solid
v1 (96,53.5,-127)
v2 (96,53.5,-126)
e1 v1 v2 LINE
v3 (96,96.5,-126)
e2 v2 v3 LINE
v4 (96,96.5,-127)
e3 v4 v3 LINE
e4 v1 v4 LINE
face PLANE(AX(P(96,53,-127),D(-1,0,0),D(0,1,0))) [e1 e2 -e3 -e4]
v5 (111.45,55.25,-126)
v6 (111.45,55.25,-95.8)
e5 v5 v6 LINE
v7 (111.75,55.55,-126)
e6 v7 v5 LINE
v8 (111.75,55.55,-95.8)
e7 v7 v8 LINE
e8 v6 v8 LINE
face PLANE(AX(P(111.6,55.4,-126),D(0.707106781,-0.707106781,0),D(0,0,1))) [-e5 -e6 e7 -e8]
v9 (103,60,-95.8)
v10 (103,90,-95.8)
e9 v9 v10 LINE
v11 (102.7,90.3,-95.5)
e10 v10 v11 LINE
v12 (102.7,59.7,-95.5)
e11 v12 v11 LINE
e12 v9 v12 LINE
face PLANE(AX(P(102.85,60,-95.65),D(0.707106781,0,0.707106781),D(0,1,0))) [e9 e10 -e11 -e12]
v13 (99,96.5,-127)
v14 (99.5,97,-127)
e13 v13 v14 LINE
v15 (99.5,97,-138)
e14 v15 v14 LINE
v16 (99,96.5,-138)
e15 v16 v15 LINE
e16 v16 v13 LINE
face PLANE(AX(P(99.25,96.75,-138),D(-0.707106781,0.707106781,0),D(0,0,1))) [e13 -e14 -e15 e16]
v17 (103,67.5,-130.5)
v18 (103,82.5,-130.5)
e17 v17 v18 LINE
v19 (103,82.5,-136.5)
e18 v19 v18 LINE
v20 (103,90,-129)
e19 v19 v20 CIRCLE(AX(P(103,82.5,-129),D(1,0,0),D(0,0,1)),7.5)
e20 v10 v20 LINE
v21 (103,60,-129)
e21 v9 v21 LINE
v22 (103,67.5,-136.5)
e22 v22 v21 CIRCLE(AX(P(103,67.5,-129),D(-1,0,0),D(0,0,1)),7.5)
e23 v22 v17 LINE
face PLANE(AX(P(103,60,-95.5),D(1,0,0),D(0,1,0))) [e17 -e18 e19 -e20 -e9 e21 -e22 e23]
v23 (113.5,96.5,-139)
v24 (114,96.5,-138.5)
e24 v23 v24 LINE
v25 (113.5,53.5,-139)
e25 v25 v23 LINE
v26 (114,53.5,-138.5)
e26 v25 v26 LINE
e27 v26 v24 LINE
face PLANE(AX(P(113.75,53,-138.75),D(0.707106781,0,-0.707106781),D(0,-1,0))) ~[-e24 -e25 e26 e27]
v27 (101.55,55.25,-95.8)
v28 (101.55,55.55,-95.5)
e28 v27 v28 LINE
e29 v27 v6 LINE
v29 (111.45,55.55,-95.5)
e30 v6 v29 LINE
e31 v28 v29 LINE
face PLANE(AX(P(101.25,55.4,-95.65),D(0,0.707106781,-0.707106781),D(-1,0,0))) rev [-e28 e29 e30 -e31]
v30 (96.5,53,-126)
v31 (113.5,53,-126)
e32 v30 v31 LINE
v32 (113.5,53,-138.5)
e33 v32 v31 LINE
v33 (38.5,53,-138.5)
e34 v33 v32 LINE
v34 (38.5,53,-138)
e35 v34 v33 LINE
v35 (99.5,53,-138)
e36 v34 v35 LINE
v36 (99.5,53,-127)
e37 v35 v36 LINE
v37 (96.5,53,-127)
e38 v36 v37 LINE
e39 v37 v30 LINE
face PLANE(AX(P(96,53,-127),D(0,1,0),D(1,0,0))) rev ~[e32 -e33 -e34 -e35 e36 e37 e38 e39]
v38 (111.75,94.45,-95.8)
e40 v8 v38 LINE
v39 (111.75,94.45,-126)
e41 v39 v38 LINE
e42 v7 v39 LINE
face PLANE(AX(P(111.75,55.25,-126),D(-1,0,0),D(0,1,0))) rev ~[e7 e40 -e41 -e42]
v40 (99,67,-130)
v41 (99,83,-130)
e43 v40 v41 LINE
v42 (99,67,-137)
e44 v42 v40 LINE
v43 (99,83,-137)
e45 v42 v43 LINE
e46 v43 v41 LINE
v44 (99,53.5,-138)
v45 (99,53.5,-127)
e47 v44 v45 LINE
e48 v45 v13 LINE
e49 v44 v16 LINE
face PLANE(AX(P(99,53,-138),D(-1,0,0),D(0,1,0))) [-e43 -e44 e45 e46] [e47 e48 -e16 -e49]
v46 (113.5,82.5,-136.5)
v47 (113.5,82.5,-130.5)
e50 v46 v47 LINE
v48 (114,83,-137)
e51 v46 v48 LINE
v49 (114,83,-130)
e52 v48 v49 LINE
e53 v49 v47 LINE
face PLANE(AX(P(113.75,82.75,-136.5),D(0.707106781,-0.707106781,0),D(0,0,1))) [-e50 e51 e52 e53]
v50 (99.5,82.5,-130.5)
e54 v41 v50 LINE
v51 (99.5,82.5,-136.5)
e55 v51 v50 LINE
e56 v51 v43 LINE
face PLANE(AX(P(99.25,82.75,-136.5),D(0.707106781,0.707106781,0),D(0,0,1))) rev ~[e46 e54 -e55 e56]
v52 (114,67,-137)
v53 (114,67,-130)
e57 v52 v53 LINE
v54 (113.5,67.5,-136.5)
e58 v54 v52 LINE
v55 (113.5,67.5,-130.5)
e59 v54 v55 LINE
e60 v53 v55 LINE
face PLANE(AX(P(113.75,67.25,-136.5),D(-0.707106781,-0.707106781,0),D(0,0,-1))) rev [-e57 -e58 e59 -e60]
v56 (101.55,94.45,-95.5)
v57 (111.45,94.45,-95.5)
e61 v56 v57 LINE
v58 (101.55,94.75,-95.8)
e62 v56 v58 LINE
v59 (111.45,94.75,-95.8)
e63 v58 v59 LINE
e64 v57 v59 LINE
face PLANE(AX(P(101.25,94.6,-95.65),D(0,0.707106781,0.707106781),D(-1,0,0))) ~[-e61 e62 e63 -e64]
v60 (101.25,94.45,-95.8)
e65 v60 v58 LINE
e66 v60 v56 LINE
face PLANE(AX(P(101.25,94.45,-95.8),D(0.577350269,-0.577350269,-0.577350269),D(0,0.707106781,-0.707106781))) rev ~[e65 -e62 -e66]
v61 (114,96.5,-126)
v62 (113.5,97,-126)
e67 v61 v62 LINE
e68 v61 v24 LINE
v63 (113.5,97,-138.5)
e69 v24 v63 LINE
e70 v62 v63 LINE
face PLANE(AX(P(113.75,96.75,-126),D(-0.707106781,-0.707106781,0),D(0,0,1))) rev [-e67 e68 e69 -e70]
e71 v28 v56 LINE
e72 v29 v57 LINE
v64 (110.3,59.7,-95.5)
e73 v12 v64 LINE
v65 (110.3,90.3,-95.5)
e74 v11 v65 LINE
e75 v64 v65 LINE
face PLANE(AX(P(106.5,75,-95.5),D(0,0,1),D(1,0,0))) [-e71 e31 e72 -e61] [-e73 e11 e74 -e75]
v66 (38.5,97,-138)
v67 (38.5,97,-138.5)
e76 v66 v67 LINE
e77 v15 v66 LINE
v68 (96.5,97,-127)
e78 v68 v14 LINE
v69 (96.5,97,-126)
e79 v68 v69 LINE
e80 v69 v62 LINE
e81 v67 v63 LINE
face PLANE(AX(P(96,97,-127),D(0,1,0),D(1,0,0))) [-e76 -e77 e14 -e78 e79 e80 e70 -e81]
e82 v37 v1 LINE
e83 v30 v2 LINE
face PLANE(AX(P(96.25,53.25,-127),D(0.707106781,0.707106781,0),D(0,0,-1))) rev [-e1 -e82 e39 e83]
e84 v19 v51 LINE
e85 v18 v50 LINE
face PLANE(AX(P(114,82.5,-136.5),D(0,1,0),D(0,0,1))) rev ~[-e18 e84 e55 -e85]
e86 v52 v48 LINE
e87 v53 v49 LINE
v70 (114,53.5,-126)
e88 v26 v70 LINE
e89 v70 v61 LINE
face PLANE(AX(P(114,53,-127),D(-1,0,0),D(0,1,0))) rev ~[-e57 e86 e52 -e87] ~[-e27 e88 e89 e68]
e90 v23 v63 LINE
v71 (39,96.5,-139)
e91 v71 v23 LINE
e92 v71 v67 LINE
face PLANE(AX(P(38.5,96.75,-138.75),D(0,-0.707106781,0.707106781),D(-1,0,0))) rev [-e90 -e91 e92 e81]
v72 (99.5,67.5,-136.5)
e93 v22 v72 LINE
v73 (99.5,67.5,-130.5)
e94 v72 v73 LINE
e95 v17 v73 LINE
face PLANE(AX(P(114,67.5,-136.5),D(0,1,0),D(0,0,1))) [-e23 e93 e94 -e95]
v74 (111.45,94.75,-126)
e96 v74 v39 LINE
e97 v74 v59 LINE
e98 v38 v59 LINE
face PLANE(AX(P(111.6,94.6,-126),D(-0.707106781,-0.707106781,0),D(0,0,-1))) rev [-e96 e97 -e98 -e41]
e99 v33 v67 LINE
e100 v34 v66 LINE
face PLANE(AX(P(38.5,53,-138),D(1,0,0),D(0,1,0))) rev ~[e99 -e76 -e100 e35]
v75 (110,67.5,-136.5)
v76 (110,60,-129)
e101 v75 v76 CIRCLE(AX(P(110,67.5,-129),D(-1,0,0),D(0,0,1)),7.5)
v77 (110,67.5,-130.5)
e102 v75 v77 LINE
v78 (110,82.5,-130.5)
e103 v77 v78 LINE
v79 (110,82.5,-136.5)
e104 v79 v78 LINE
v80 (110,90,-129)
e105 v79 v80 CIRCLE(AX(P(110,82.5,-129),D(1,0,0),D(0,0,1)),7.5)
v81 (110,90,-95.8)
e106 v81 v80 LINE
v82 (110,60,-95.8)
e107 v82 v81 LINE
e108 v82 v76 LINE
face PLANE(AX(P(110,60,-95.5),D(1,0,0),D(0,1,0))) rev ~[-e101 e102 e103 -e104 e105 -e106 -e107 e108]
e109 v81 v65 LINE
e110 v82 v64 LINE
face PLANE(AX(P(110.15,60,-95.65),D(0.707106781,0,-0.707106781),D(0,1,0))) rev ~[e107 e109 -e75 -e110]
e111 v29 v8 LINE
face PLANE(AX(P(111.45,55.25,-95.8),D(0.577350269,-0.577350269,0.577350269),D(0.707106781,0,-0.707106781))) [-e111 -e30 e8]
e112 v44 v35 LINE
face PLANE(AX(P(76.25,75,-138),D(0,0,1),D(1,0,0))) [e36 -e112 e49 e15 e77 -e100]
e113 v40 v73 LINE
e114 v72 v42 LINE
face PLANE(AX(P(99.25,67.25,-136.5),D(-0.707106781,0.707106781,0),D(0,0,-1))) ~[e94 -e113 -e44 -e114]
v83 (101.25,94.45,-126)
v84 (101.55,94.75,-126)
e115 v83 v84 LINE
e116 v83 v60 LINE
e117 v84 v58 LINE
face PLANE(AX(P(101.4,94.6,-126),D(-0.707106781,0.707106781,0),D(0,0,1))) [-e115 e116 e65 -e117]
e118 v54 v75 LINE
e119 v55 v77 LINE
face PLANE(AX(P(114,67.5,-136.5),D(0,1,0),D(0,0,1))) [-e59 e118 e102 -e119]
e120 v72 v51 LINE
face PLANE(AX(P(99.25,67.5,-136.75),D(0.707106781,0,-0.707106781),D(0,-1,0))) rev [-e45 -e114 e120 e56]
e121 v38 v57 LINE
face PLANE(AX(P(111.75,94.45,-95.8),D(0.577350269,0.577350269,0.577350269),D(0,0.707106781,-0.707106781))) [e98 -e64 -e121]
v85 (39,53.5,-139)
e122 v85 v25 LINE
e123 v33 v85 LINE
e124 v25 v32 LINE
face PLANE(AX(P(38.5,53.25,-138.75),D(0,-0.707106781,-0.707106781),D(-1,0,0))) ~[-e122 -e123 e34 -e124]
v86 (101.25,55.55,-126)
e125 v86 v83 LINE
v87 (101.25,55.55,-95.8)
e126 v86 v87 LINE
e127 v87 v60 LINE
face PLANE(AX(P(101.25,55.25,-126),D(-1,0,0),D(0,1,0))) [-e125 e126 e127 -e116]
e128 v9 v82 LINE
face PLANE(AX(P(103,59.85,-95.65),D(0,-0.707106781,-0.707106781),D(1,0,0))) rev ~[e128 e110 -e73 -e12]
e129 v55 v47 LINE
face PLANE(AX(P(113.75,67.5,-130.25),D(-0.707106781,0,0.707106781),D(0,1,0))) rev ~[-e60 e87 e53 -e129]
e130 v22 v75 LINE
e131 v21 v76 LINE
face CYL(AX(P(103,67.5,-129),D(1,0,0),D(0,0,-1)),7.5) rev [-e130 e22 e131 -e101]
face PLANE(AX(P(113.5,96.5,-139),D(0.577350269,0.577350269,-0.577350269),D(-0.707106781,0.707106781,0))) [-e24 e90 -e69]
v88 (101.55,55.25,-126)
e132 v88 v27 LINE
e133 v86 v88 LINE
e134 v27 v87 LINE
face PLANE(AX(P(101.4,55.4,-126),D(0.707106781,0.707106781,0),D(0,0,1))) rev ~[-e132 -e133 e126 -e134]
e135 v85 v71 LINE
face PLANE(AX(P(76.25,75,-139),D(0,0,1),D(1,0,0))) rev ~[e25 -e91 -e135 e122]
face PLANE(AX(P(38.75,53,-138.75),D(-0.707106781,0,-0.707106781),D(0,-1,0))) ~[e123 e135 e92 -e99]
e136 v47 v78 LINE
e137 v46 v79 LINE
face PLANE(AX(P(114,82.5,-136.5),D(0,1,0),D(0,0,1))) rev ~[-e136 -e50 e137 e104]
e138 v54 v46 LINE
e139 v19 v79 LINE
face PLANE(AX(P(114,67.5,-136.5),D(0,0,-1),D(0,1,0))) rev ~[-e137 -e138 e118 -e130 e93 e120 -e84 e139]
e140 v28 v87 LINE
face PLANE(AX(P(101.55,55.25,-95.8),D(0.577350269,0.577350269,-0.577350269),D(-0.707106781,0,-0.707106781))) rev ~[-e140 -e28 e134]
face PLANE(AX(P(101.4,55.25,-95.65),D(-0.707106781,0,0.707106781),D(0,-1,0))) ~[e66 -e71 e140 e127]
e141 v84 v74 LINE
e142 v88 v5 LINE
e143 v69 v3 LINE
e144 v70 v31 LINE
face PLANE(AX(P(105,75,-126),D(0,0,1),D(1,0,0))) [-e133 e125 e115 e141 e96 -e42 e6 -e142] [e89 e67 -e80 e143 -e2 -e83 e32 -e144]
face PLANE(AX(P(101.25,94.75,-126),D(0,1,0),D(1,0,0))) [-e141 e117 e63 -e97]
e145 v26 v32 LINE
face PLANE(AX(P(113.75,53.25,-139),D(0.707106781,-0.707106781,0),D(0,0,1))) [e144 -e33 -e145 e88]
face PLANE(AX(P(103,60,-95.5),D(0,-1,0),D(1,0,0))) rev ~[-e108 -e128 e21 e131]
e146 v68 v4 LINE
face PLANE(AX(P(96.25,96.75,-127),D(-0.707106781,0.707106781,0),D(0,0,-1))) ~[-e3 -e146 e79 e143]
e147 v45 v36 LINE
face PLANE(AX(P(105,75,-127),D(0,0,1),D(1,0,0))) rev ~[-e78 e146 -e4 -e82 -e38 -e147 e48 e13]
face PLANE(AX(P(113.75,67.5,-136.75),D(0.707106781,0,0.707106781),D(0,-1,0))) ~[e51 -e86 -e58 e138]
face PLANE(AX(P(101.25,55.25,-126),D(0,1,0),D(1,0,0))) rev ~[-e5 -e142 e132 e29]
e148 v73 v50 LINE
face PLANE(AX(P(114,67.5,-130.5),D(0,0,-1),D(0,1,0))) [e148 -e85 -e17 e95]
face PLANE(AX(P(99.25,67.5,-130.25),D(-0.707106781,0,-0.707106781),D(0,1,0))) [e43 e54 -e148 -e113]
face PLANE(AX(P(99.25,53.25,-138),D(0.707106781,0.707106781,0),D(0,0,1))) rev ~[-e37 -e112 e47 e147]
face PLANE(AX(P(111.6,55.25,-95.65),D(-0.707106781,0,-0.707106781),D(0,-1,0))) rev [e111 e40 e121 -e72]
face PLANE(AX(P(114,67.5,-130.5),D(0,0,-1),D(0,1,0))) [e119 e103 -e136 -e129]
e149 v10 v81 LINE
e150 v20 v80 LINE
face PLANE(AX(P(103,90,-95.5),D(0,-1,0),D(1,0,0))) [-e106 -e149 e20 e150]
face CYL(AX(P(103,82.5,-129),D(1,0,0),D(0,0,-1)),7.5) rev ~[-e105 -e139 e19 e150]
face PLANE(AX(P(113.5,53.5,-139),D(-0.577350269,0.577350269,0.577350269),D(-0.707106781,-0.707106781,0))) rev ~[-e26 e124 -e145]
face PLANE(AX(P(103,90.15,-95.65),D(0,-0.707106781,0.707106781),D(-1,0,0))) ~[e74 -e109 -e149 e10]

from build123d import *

# Parameters (mm, degrees)
SKETCH080_W     = 75.5
SKETCH080_H     = 44
PAD043_DEPTH    = 1
SKETCH081_W     = 15
SKETCH081_H     = 44
PAD044_DEPTH    = 11
SKETCH082_W     = 18
SKETCH082_H     = 44
PAD045_DEPTH    = 1
SKETCH083_W     = 10.5
SKETCH083_H     = 39.5
PAD046_DEPTH    = 30.5
SKETCH084_W     = 7
SKETCH084_H     = 30
POCKET029_DEPTH = 41
SKETCH085_W     = 15
SKETCH085_H     = 6
POCKET030_DEPTH = 15
FILLET012_R     = 7.5
CHAMFER047_SIZE = 0.5
CHAMFER048_SIZE = 0.3


with BuildPart() as part:
    # Sketch080 → Pad043 (new body)
    with BuildSketch(Plane.XY):
        with Locations((-30.25, 0)):
            Rectangle(SKETCH080_W, SKETCH080_H)
    extrude(amount=-PAD043_DEPTH)

    # Sketch081 (on Face5 of Pad043) → Pad044 (join)
    with BuildSketch(Plane.XY):
        Rectangle(SKETCH081_W, SKETCH081_H)
    extrude(amount=PAD044_DEPTH)

    # Sketch082 (on Face5 of Pad044) → Pad045 (join)
    with BuildSketch(Plane.XY.offset(11)):
        with Locations((-1.5, 0)):
            Rectangle(SKETCH082_W, SKETCH082_H)
    extrude(amount=PAD045_DEPTH)

    # Sketch083 (on Face7 of Pad045) → Pad046 (join)
    with BuildSketch(Plane.XY.offset(12)):
        Rectangle(SKETCH083_W, SKETCH083_H)
    extrude(amount=PAD046_DEPTH)

    # Sketch084 (on Face15 of Pad046) → Pocket029 (cut)
    with BuildSketch(Plane.XY.offset(42.5)):
        Rectangle(SKETCH084_W, SKETCH084_H)
    extrude(amount=-POCKET029_DEPTH, mode=Mode.SUBTRACT)

    # Sketch085 (on Face6 of Pocket029) → Pocket030 (cut)
    with BuildSketch(Plane.YZ.offset(7.5)):
        with Locations((0, 4.5)):
            Rectangle(SKETCH085_W, SKETCH085_H)
    extrude(amount=-POCKET030_DEPTH, mode=Mode.SUBTRACT)

    # Fillet012
    fillet012_edges = [part.edges().sort_by_distance(p)[0] for p in [
        (0, -15, 1.5),
        (0, 15, 1.5),
    ]]
    fillet(fillet012_edges, radius=FILLET012_R)

    # Chamfer047
    chamfer047_edges = [part.edges().sort_by_distance(p)[0] for p in [
        (7.5, -22, 5.5),
        (7.5, 22, 5.5),
        (7.5, 0, 7.5),
        (7.5, -7.5, 4.5),
        (7.5, 0, 1.5),
        (7.5, 7.5, 4.5),
        (7.5, 0, -1),
        (-30.25, -22, -1),
        (-7.5, -22, 5.5),
        (-10.5, -22, 11.5),
        (-68, 0, -1),
        (-30.25, 22, -1),
        (-7.5, 22, 5.5),
        (-10.5, 22, 11.5),
        (-7.5, 0, 7.5),
        (-7.5, -7.5, 4.5),
        (-7.5, 0, 1.5),
        (-7.5, 7.5, 4.5),
    ]]
    chamfer(chamfer047_edges, length=CHAMFER047_SIZE)

    # Chamfer048
    chamfer048_edges = [part.edges().sort_by_distance(p)[0] for p in [
        (0, 19.75, 42.5),
        (-5.25, 0, 42.5),
        (5.25, 0, 42.5),
        (0, -19.75, 42.5),
        (-3.5, 0, 42.5),
        (0, -15, 42.5),
        (3.5, 0, 42.5),
        (0, 15, 42.5),
        (-5.25, -19.75, 27.25),
        (5.25, -19.75, 27.25),
        (-5.25, 19.75, 27.25),
        (5.25, 19.75, 27.25),
    ]]
    chamfer(chamfer048_edges, length=CHAMFER048_SIZE)


with BuildPart() as part_1:
    # Body015 placement: moved
    add(part.part.moved(Location((106.5, 75, -138))))


solid = part_1.part
